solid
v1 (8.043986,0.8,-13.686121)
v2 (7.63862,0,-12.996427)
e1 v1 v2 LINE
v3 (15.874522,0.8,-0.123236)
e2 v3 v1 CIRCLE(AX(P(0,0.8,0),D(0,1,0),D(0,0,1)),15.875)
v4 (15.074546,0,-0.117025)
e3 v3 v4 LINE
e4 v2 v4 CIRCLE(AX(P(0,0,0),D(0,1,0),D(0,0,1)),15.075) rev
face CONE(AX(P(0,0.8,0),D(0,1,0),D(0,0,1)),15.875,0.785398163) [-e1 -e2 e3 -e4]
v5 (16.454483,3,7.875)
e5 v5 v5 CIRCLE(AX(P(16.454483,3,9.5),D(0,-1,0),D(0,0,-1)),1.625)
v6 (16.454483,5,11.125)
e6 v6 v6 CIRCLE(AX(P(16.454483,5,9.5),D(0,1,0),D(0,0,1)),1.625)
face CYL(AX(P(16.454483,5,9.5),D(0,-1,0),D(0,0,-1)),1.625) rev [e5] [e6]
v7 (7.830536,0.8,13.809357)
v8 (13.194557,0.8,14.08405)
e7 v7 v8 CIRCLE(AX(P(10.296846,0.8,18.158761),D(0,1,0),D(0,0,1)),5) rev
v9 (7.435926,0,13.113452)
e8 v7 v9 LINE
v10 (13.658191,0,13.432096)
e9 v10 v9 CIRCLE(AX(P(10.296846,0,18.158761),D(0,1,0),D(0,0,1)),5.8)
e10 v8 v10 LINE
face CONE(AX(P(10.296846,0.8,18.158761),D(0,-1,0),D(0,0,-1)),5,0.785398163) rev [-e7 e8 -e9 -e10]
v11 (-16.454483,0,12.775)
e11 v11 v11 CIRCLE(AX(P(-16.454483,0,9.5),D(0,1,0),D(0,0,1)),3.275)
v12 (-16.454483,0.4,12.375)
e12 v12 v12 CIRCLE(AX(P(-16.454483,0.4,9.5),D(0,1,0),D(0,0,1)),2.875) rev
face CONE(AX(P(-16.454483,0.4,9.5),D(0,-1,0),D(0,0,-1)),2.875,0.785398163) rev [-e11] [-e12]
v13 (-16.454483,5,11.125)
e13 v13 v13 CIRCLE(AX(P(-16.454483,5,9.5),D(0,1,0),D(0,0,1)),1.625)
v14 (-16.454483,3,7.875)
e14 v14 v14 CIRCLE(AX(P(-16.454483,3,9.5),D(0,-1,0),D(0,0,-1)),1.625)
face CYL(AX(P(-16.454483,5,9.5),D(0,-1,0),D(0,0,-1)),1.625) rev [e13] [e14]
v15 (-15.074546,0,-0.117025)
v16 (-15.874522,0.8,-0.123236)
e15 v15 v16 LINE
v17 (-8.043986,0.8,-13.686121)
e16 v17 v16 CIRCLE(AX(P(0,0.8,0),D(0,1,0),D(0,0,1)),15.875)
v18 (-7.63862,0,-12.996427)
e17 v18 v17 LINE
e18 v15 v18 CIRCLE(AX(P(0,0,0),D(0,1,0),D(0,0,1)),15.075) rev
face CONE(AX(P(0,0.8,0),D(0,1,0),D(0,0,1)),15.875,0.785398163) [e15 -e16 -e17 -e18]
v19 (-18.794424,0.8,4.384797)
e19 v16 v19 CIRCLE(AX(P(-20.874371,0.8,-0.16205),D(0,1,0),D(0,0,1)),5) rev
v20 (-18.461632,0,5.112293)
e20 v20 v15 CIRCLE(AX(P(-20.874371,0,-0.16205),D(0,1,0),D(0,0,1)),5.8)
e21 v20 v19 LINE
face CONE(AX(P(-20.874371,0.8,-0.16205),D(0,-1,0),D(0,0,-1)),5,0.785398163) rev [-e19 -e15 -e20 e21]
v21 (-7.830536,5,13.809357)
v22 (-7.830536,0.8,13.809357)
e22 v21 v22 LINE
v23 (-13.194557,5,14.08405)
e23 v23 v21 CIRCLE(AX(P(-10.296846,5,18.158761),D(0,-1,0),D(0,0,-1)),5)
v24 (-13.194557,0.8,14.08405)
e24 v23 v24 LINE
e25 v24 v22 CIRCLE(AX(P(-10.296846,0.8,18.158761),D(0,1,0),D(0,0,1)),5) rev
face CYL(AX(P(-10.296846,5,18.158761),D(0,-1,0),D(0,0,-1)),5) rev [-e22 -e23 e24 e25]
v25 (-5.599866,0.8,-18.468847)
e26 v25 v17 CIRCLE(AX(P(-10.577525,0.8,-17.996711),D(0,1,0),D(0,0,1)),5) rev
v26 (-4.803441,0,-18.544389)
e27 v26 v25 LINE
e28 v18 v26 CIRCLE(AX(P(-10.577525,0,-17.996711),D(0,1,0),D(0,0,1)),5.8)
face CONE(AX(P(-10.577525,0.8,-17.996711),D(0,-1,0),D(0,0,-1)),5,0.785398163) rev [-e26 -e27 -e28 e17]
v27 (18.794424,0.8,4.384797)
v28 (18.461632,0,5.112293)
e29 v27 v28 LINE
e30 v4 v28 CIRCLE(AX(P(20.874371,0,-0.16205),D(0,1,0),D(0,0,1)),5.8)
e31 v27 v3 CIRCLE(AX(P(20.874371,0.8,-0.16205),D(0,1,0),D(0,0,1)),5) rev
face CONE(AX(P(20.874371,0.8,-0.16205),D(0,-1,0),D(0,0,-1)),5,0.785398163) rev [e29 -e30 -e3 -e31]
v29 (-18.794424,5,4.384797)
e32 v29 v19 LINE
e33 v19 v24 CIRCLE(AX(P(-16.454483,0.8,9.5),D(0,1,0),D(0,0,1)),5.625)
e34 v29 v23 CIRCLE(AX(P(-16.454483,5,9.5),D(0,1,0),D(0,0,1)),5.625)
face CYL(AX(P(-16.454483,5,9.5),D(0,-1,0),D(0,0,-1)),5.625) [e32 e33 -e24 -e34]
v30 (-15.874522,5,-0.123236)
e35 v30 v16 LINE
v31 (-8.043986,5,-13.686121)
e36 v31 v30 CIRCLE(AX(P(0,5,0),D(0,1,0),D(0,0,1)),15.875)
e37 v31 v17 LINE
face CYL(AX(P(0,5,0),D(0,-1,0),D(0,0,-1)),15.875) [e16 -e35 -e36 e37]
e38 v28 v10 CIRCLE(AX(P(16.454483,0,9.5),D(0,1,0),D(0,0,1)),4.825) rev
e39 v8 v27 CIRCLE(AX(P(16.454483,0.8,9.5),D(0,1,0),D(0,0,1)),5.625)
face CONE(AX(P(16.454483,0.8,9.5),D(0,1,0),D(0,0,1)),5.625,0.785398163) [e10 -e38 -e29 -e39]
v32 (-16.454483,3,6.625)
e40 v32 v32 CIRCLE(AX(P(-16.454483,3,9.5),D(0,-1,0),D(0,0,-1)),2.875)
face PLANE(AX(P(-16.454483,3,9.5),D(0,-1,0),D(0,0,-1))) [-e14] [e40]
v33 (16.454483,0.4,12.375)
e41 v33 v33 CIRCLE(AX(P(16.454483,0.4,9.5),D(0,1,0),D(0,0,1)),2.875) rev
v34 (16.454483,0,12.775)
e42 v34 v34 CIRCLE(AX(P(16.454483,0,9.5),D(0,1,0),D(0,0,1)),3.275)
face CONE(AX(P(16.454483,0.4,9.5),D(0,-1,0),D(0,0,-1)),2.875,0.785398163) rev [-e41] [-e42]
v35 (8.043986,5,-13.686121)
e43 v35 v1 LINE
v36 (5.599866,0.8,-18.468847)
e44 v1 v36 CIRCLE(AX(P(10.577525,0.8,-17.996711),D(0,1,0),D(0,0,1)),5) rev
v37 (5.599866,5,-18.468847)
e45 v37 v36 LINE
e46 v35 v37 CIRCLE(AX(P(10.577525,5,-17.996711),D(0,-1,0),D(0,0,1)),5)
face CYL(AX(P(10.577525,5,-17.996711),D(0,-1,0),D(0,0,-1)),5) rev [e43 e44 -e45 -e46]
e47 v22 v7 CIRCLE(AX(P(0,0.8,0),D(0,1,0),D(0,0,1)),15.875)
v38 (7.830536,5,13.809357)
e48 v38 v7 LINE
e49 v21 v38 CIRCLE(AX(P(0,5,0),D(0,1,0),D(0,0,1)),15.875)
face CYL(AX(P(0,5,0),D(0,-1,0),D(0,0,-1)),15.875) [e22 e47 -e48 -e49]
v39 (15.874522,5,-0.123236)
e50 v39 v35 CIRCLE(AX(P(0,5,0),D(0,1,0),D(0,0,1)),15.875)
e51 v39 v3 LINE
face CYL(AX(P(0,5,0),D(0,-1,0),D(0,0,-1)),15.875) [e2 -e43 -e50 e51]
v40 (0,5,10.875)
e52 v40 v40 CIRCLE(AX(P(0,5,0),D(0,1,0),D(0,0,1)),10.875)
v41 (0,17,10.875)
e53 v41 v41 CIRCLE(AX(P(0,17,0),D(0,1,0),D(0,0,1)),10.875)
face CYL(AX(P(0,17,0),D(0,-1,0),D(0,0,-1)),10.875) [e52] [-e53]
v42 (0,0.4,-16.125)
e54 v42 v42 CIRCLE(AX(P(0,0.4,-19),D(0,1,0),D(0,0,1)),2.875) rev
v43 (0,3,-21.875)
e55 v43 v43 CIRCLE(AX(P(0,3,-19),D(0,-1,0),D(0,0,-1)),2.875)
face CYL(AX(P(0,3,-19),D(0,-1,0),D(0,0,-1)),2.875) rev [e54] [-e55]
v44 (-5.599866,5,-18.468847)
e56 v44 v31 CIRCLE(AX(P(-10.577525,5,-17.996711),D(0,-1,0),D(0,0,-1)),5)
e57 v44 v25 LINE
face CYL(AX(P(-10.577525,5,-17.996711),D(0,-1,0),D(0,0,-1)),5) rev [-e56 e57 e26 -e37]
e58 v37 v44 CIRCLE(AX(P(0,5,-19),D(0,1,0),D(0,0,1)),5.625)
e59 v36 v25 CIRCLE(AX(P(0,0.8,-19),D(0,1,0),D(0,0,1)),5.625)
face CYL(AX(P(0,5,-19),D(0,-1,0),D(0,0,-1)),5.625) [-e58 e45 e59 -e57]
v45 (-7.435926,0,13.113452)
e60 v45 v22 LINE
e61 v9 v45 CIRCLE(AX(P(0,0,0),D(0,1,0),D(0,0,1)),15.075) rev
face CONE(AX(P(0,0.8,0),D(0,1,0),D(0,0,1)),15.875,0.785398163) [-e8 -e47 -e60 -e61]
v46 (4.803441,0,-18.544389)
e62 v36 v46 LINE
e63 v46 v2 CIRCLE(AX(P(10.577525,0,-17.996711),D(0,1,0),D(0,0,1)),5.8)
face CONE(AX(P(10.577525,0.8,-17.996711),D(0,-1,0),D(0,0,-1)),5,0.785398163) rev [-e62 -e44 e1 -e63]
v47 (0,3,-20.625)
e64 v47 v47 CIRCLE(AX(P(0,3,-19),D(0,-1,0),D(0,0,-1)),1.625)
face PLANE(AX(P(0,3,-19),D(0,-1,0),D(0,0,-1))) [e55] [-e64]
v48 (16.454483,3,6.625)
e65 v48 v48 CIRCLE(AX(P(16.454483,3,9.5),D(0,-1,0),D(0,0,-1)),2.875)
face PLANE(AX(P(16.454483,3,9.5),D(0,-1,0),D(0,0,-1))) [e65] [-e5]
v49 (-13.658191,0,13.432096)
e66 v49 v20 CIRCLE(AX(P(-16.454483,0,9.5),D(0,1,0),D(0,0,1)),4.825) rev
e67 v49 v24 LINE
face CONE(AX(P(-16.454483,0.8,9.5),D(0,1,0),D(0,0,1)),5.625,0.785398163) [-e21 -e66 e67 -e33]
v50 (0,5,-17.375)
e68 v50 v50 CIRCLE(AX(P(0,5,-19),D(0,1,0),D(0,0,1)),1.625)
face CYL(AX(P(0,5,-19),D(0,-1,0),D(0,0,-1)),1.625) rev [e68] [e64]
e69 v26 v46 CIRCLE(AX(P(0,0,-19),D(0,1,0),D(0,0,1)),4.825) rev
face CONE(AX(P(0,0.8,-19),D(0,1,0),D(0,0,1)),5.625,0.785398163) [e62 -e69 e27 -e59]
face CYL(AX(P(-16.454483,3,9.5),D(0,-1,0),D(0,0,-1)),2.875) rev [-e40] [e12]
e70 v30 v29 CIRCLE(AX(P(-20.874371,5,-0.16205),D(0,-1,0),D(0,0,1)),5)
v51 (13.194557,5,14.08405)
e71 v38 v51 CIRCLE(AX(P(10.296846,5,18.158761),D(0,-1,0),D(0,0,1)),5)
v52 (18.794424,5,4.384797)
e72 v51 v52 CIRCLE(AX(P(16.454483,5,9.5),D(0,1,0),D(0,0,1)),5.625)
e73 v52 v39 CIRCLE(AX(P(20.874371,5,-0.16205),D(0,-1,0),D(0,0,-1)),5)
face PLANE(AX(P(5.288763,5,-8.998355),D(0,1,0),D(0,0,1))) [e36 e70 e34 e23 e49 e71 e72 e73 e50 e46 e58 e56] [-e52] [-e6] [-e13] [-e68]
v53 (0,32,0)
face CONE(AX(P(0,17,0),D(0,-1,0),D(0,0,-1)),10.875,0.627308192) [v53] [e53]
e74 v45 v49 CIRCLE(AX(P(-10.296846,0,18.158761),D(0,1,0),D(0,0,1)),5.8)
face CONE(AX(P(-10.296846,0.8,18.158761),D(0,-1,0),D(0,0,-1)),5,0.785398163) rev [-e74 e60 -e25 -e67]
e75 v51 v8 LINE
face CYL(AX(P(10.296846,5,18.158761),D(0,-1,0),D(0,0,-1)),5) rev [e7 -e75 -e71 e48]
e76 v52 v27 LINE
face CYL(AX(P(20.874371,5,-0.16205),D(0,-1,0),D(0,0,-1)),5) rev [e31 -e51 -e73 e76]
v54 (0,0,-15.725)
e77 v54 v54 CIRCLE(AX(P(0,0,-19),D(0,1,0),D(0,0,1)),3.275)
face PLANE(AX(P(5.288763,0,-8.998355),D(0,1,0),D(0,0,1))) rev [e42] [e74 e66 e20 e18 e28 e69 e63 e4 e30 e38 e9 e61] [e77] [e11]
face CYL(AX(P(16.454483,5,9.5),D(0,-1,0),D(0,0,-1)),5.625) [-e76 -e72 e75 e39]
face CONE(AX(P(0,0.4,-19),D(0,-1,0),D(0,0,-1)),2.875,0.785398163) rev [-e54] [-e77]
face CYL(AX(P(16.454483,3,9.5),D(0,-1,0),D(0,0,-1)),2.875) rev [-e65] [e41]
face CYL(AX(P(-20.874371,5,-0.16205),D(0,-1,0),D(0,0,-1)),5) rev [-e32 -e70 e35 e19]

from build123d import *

# Parameters (mm, degrees)
SKETCH1_R           = 10.875
SKETCH1_R_2         = 1.625
BOSS_EXTRUDE1_DEPTH = 5
SKETCH1_2_R         = 10.875
BOSS_EXTRUDE2_DEPTH = 17
CHAMFER1_SIZE       = 0.8
SKETCH3_R           = 2.875
CUT_EXTRUDE1_DEPTH  = 3
CHAMFER2_SIZE       = 0.4


with BuildPart() as part:
    # Sketch1 → Boss-Extrude1 (new body)
    with BuildSketch(Plane(origin=(0, 0, 0), x_dir=(1, 0, 0), z_dir=(0, 1, 0))):
        with BuildLine():
            ThreePointArc((5.599866179, 18.468846749), (0, 24.625), (-5.599866179, 18.468846749))
            ThreePointArc((-5.599866179, 18.468846749), (-6.125206634, 15.721438867), (-8.043986082, 13.686121179))
            ThreePointArc((-8.043986082, 13.686121179), (-13.748153285, 7.9375), (-15.874521661, 0.123235705))
            ThreePointArc((-15.874521661, 0.123235705), (-16.67776876, -2.556134885), (-18.794423553, -4.384797006))
            ThreePointArc((-18.794423553, -4.384797006), (-21.325875568, -12.3125), (-13.194557374, -14.084049744))
            ThreePointArc((-13.194557374, -14.084049744), (-10.552562126, -13.165303982), (-7.830535579, -13.809356884))
            ThreePointArc((-7.830535579, -13.809356884), (0, -15.875), (7.830535579, -13.809356884))
            ThreePointArc((7.830535579, -13.809356884), (10.552562126, -13.165303982), (13.194557374, -14.084049744))
            ThreePointArc((13.194557374, -14.084049744), (21.325875568, -12.3125), (18.794423553, -4.384797006))
            ThreePointArc((18.794423553, -4.384797006), (16.67776876, -2.556134885), (15.874521661, 0.123235705))
            ThreePointArc((15.874521661, 0.123235705), (13.748153285, 7.9375), (8.043986082, 13.686121179))
            ThreePointArc((8.043986082, 13.686121179), (6.125206634, 15.721438867), (5.599866179, 18.468846749))
        make_face()
        Circle(SKETCH1_R, mode=Mode.SUBTRACT)
        with Locations((0, 19)):
            Circle(SKETCH1_R_2, mode=Mode.SUBTRACT)
        with Locations((16.454482672, -9.5)):
            Circle(SKETCH1_R_2, mode=Mode.SUBTRACT)
        with Locations((-16.454482672, -9.5)):
            Circle(SKETCH1_R_2, mode=Mode.SUBTRACT)
    extrude(amount=BOSS_EXTRUDE1_DEPTH)

    # Sketch1<2> → Boss-Extrude2 (add)
    with BuildSketch(Plane(origin=(0, 0, 0), x_dir=(1, 0, 0), z_dir=(0, 1, 0))):
        Circle(SKETCH1_2_R)
    extrude(amount=BOSS_EXTRUDE2_DEPTH)

    # Sketch2 → Revolve1 (revolve)
    with BuildSketch(Plane.XY):
        Polygon((0, 17), (10.875, 17), (0, 32), align=None)
    revolve(axis=Axis((0, 18.413549721, 0), (0, -1, 0)))

    # Chamfer1
    chamfer1_edges = [part.edges().sort_by_distance(p)[0] for p in [
        (16.67776876, 0, 2.556134885),
        (21.325875568, 0, 12.3125),
        (10.552562126, 0, 13.165303982),
        (0, 0, 15.875),
        (-10.552562126, 0, 13.165303982),
        (-21.325875568, 0, 12.3125),
        (-16.67776876, 0, 2.556134885),
        (-13.748153285, 0, -7.9375),
        (-6.125206634, 0, -15.721438867),
        (0, 0, -24.625),
        (6.125206634, 0, -15.721438867),
        (13.748153285, 0, -7.9375),
    ]]
    chamfer(chamfer1_edges, length=CHAMFER1_SIZE)

    # Sketch3 → Cut-Extrude1 (cut)
    with BuildSketch(Plane.XZ):
        with Locations((0, -19)):
            Circle(SKETCH3_R)
        with Locations((-16.454482672, 9.5)):
            Circle(SKETCH3_R)
        with Locations((16.454482672, 9.5)):
            Circle(SKETCH3_R)
    extrude(amount=-CUT_EXTRUDE1_DEPTH, mode=Mode.SUBTRACT)

    # Chamfer2
    chamfer2_edges = [part.edges().sort_by_distance(p)[0] for p in [
        (-2.875, 0, -19),
        (-19.329482672, 0, 9.5),
        (13.579482672, 0, 9.5),
    ]]
    chamfer(chamfer2_edges, length=CHAMFER2_SIZE)


solid = part.part
